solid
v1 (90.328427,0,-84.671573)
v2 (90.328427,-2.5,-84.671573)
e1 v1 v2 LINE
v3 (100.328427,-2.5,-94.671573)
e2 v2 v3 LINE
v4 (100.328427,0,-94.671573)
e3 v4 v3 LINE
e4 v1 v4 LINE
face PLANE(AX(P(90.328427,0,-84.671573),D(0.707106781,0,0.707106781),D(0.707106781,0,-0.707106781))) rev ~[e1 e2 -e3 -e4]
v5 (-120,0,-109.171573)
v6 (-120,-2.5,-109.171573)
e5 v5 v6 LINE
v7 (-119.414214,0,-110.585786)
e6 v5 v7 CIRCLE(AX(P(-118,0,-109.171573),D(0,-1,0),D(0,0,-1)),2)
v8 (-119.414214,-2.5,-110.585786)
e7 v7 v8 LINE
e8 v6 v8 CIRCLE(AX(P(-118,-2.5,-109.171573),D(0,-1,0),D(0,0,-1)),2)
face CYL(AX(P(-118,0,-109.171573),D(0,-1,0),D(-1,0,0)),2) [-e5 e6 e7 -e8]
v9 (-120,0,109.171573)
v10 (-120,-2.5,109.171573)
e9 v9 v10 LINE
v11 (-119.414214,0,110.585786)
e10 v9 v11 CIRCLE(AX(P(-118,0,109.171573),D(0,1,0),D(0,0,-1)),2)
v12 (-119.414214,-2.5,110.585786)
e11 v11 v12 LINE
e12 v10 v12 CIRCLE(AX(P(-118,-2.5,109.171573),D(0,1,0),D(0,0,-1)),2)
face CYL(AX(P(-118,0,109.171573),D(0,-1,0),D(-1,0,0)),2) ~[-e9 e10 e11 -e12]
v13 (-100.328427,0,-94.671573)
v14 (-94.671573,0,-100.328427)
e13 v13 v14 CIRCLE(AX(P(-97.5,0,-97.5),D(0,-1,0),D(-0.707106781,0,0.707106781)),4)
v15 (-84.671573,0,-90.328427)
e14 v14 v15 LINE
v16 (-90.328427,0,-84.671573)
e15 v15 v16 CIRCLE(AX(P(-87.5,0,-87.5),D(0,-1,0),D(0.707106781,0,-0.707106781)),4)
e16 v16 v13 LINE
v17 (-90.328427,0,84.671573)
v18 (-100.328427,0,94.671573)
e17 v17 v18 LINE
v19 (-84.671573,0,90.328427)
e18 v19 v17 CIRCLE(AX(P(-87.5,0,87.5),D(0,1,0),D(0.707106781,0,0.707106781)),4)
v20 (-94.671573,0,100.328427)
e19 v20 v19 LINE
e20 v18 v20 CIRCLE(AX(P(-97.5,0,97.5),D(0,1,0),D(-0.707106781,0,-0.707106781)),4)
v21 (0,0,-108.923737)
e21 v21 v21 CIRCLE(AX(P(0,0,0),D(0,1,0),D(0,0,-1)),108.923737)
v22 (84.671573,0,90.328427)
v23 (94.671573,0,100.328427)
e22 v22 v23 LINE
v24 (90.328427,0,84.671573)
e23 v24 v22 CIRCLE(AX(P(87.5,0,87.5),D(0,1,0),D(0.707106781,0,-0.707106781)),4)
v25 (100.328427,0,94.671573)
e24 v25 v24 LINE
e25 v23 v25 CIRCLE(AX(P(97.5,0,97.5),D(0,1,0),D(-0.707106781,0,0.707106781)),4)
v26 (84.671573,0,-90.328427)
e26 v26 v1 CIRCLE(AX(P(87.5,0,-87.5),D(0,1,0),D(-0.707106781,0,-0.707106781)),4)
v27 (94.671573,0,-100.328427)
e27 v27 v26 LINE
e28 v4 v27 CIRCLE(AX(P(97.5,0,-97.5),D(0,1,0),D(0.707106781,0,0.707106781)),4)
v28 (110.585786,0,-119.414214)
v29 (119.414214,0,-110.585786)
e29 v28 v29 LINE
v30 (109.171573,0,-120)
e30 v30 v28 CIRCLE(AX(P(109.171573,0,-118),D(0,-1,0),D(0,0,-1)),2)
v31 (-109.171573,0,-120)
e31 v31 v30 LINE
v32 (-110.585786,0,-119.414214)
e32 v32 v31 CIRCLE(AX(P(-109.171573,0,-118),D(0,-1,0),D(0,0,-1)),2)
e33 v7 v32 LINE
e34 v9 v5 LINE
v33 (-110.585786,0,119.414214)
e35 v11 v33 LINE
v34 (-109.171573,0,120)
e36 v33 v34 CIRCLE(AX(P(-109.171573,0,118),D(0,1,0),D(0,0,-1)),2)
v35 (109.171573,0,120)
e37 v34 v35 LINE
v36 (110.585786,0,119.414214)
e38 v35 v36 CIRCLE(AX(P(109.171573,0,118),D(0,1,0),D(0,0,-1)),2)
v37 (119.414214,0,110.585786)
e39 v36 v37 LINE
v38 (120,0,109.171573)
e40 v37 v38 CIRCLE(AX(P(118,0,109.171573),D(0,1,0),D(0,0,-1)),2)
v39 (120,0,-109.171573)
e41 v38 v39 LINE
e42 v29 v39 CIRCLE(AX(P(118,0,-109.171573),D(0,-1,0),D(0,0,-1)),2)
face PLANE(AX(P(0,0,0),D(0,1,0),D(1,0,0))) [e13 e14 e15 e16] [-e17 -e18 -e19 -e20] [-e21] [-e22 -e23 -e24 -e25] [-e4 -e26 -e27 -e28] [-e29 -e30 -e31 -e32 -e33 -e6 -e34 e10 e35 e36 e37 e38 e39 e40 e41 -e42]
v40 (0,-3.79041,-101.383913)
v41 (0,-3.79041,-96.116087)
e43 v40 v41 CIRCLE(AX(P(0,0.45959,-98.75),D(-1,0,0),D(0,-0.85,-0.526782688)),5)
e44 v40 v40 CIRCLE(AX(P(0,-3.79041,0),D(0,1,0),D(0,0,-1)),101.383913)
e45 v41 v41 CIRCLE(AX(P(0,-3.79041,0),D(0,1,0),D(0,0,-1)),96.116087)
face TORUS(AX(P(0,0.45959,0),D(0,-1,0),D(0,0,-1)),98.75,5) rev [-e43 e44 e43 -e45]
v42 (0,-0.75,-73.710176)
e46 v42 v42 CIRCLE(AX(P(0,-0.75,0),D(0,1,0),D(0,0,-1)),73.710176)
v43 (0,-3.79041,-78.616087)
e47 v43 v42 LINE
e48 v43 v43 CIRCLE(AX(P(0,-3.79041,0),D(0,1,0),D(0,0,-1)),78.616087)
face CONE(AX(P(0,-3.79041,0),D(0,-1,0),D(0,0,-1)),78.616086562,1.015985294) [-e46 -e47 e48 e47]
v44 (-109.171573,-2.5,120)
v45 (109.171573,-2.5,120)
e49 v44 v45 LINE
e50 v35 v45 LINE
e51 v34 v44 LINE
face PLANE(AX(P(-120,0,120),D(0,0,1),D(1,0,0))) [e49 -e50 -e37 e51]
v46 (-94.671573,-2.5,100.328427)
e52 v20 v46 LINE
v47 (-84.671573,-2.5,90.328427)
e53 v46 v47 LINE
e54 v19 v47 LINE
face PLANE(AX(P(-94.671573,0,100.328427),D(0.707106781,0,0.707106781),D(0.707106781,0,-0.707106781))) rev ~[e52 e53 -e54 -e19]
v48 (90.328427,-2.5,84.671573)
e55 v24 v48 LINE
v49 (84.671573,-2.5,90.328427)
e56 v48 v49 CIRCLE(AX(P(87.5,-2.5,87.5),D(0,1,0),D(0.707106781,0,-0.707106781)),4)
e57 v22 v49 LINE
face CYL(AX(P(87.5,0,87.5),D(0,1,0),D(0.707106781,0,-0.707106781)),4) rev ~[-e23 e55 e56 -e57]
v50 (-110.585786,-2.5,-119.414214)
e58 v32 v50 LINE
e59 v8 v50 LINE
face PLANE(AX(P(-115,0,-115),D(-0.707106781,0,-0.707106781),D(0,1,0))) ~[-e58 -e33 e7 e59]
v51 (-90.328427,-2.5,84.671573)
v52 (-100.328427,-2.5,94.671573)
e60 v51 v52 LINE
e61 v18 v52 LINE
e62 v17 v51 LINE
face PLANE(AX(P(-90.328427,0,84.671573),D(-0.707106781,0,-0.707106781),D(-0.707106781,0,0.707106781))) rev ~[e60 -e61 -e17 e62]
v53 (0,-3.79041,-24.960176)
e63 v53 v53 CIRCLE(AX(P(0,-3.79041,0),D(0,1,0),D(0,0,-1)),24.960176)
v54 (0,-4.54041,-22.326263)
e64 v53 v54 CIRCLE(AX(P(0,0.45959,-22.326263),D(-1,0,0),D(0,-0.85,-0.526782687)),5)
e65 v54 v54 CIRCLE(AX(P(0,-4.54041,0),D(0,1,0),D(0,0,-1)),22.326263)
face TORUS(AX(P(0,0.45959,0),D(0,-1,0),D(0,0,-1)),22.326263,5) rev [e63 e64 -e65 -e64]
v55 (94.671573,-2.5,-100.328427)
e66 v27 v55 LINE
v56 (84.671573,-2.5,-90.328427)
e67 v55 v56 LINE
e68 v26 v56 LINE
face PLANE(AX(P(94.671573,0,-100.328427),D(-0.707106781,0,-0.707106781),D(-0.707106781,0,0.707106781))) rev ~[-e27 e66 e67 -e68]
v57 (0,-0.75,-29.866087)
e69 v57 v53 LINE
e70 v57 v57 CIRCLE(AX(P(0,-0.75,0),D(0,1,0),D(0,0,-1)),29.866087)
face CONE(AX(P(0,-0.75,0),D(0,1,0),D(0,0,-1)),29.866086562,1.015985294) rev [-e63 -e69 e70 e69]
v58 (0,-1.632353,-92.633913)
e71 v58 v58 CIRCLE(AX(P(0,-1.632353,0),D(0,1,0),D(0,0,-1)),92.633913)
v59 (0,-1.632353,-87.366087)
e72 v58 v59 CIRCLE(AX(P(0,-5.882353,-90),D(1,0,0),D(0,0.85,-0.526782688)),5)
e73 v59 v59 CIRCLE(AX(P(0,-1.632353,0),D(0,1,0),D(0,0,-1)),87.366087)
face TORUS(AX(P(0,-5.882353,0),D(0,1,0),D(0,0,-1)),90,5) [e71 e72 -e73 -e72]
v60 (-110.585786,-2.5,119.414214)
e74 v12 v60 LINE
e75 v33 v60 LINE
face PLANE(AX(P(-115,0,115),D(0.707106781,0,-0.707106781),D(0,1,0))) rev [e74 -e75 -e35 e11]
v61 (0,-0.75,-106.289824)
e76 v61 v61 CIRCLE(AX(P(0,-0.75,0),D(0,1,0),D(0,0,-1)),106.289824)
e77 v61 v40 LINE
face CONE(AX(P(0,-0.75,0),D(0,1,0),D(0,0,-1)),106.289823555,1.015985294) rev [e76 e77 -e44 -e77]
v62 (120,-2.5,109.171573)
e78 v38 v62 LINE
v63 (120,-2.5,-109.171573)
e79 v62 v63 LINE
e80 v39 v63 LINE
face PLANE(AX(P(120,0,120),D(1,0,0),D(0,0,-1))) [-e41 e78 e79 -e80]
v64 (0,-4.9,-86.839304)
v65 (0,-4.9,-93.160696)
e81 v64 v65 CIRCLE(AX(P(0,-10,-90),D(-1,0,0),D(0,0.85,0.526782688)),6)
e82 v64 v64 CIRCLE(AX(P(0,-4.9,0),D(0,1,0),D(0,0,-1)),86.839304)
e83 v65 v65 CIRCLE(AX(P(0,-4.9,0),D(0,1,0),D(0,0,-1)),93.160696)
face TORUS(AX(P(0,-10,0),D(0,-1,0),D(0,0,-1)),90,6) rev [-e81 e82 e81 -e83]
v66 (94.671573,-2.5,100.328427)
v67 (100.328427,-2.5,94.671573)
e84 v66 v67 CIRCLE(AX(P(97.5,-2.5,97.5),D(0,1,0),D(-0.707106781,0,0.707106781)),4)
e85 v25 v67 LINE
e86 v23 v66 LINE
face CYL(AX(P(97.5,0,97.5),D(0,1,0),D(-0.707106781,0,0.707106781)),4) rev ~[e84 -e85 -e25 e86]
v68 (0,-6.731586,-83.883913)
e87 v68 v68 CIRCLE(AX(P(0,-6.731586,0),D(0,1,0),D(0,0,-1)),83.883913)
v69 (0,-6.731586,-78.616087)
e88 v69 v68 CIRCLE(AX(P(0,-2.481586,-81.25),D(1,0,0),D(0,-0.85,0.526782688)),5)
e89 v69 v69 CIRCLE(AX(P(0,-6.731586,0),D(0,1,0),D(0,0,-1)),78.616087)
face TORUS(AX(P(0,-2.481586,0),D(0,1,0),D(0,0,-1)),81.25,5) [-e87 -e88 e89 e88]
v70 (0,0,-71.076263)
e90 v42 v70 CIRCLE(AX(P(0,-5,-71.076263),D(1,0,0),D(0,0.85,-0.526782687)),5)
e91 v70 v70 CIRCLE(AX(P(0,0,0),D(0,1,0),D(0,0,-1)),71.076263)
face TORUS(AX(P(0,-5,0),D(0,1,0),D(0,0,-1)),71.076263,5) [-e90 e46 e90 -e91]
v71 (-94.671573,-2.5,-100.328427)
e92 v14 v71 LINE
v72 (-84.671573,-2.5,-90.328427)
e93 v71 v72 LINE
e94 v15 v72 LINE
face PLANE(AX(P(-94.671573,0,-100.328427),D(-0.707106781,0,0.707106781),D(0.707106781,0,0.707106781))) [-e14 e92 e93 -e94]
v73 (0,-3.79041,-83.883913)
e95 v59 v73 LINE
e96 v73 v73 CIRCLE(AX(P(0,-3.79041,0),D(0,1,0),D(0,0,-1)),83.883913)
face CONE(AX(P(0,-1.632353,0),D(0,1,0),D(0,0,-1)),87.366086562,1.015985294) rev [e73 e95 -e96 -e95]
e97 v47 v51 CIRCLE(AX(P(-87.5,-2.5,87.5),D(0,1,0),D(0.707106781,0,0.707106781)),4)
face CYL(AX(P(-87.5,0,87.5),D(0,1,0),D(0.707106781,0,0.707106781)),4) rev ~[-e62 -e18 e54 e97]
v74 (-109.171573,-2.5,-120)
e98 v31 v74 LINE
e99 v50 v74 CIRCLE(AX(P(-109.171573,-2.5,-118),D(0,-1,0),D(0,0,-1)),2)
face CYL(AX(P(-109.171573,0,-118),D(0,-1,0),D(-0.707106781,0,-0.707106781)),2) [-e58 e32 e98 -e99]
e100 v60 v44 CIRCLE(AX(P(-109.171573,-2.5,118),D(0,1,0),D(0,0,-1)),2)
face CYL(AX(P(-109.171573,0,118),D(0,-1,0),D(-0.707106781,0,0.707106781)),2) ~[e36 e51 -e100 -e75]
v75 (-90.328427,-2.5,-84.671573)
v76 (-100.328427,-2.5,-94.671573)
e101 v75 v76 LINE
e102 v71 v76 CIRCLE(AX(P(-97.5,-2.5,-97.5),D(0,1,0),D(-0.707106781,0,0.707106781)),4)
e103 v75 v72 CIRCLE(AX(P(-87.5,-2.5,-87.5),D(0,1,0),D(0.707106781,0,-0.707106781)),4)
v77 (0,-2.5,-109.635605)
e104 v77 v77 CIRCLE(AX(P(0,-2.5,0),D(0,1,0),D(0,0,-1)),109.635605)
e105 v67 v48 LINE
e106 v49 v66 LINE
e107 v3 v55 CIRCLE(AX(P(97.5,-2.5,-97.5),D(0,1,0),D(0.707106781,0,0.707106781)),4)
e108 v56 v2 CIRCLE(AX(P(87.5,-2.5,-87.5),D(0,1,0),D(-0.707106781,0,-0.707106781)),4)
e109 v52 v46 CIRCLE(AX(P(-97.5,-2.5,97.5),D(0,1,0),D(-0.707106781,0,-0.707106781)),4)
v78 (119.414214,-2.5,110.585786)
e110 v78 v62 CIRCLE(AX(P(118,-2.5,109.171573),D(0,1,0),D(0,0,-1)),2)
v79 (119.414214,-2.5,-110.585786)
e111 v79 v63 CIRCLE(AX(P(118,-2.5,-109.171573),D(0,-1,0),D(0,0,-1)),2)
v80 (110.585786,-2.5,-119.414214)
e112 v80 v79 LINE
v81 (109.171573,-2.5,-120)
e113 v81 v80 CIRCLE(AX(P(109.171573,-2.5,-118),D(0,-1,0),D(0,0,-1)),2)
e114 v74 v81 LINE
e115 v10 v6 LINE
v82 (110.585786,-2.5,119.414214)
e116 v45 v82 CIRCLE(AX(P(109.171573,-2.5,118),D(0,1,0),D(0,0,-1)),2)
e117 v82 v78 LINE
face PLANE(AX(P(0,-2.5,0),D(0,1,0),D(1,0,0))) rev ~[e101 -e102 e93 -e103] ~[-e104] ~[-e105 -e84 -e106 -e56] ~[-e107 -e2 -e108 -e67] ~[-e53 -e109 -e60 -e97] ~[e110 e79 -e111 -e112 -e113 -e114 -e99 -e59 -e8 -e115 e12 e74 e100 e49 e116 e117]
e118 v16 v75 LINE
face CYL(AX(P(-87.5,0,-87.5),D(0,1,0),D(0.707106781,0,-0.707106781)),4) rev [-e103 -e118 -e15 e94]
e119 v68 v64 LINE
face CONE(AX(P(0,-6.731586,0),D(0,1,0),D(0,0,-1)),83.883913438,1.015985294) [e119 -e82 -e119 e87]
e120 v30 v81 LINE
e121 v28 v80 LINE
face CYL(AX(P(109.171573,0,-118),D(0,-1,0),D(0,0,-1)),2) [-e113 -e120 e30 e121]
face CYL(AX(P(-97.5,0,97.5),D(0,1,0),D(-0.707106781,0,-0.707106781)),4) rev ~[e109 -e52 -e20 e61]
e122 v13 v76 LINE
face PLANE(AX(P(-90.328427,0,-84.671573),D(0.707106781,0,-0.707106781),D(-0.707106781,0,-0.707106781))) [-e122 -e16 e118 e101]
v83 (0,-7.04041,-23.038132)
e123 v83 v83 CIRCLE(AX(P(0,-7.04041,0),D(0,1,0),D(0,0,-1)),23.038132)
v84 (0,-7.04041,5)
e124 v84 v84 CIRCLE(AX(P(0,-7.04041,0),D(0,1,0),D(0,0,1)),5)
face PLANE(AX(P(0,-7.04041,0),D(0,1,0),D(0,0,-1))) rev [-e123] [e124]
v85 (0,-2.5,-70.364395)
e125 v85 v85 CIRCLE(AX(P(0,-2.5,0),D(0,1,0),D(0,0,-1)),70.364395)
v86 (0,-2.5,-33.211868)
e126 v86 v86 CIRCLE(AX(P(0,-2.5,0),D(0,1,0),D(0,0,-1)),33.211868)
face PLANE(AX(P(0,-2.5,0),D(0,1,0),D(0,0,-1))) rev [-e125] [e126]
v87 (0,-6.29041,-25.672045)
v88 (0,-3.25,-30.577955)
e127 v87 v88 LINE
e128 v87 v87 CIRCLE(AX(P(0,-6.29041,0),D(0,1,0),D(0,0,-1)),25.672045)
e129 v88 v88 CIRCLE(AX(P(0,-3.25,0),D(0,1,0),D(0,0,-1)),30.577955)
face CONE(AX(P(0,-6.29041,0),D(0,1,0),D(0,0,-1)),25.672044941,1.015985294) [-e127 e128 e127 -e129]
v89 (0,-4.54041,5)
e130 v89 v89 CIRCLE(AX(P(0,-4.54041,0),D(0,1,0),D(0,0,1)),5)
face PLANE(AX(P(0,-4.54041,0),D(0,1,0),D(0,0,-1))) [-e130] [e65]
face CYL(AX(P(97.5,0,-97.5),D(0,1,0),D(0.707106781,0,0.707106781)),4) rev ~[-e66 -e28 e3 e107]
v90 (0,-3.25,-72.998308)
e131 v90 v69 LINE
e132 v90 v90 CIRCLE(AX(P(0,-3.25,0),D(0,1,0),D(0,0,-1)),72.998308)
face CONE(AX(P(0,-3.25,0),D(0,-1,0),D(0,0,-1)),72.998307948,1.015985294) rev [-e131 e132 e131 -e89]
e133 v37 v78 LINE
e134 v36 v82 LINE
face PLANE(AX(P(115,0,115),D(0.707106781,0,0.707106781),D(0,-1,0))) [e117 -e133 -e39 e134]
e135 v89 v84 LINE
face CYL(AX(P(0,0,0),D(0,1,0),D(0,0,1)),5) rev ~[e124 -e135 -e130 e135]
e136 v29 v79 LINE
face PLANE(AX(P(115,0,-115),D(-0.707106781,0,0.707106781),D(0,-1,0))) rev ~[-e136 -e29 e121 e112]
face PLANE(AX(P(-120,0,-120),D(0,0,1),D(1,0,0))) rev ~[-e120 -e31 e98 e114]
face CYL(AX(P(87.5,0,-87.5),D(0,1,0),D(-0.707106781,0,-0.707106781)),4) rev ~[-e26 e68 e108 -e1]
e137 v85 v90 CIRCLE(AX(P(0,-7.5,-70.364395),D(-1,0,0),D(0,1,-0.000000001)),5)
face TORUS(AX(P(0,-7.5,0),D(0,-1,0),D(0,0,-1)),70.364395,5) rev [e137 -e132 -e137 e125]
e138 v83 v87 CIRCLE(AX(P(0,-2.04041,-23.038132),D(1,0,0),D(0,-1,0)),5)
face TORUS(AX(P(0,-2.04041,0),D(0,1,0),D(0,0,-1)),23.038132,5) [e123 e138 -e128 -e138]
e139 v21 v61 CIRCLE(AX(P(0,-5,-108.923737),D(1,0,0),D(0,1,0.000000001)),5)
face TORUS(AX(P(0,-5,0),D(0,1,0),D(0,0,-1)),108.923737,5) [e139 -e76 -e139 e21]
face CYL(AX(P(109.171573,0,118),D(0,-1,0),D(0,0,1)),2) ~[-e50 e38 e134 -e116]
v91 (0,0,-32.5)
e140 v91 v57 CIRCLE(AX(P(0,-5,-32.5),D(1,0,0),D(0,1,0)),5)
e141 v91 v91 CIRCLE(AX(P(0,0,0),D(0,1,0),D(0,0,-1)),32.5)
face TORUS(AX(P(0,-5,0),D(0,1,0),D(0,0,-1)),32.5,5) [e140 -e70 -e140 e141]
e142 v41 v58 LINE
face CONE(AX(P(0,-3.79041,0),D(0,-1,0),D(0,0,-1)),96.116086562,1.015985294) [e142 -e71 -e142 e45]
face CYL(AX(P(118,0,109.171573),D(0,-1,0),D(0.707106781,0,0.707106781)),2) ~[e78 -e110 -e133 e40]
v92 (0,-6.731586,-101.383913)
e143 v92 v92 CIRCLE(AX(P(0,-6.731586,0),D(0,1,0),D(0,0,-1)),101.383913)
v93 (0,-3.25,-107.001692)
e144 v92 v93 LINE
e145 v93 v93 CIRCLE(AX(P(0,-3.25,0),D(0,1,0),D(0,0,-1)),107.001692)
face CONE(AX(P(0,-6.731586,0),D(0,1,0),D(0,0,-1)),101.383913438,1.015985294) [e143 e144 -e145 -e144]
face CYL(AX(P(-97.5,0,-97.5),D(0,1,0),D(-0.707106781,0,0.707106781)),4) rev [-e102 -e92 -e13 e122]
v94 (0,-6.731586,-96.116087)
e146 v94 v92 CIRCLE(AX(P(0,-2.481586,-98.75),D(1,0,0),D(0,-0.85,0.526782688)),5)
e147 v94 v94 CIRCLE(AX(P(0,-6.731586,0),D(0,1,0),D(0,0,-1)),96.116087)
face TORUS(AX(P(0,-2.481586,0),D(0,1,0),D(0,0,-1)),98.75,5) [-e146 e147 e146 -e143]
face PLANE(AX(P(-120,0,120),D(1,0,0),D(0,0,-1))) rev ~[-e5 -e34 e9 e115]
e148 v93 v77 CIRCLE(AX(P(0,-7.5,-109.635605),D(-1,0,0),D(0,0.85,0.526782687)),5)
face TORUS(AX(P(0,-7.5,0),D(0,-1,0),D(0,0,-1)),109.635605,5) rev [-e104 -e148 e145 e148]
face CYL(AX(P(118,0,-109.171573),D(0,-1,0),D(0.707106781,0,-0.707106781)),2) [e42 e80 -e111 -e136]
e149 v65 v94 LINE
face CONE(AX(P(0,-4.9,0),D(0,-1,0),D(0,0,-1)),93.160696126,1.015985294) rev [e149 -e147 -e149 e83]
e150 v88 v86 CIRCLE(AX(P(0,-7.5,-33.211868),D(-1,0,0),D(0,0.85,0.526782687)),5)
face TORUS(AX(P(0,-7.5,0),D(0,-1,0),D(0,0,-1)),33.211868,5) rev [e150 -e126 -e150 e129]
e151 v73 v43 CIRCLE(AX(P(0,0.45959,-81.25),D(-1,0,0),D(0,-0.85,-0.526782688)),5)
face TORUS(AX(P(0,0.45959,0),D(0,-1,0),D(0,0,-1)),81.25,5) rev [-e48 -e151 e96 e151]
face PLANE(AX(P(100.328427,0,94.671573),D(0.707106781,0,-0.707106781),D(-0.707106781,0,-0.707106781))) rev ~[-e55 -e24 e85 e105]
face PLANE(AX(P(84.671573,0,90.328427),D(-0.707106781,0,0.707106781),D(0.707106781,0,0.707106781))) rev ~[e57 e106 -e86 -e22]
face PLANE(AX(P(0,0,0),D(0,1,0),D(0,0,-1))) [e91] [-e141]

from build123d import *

# Parameters (mm, degrees)
SKETCH2_W           = 240
SKETCH2_H           = 240
SKETCH2_R           = 115
BOSS_EXTRUDE1_DEPTH = 2.5
SKETCH3_R           = 5
CUT_EXTRUDE1_DEPTH  = 170.870462818
CHAMFER1_SIZE       = 10
FILLET1_R           = 2


with BuildPart() as part:
    # Sketch1 → Revolve1 (revolve)
    with BuildSketch(Plane.XY):
        with BuildLine():
            Line((71.076263006, 0), (32.5, 0))
            ThreePointArc((32.5, 0), (31.130693606, -0.191153985), (29.866086562, -0.75))
            Line((29.866086562, -0.75), (24.960176445, -3.79041002))
            ThreePointArc((24.960176445, -3.79041002), (23.6955694, -4.349256035), (22.326263006, -4.54041002))
            Line((22.326263006, -4.54041002), (0, -4.54041002))
            Line((0, -4.54041002), (0, -7.04041002))
            Line((0, -7.04041002), (23.038131503, -7.04041002))
            ThreePointArc((23.038131503, -7.04041002), (24.407437897, -6.849256035), (25.672044941, -6.29041002))
            Line((25.672044941, -6.29041002), (30.577955059, -3.25))
            ThreePointArc((30.577955059, -3.25), (31.842562103, -2.691153985), (33.211868497, -2.5))
            Line((33.211868497, -2.5), (70.36439451, -2.5))
            ThreePointArc((70.36439451, -2.5), (71.733700903, -2.691153985), (72.998307948, -3.25))
            Line((72.998307948, -3.25), (78.616086562, -6.73158649))
            ThreePointArc((78.616086562, -6.73158649), (81.25, -7.48158649), (83.883913438, -6.73158649))
            Line((83.883913438, -6.73158649), (86.839303874, -4.9))
            ThreePointArc((86.839303874, -4.9), (90, -4), (93.160696126, -4.9))
            Line((93.160696126, -4.9), (96.116086562, -6.73158649))
            ThreePointArc((96.116086562, -6.73158649), (98.75, -7.48158649), (101.383913438, -6.73158649))
            Line((101.383913438, -6.73158649), (107.001692052, -3.25))
            ThreePointArc((107.001692052, -3.25), (108.266299097, -2.691153985), (109.63560549, -2.5))
            Line((109.63560549, -2.5), (115, -2.5))
            Line((115, -2.5), (115, 0))
            Line((115, 0), (108.923736994, 0))
            ThreePointArc((108.923736994, 0), (107.5544306, -0.191153985), (106.289823555, -0.75))
            Line((106.289823555, -0.75), (101.383913438, -3.79041002))
            ThreePointArc((101.383913438, -3.79041002), (98.75, -4.54041002), (96.116086562, -3.79041002))
            Line((96.116086562, -3.79041002), (92.633913438, -1.632352941))
            ThreePointArc((92.633913438, -1.632352941), (90, -0.882352941), (87.366086562, -1.632352941))
            Line((87.366086562, -1.632352941), (83.883913438, -3.79041002))
            ThreePointArc((83.883913438, -3.79041002), (81.25, -4.54041002), (78.616086562, -3.79041002))
            Line((78.616086562, -3.79041002), (73.710176445, -0.75))
            ThreePointArc((73.710176445, -0.75), (72.4455694, -0.191153985), (71.076263006, 0))
        make_face()
    revolve(axis=Axis((0, -2.5, 0), (0, 1, 0)))

    # Sketch2 → Boss-Extrude1 (add)
    with BuildSketch(Plane(origin=(0, 0, 0), x_dir=(1, 0, 0), z_dir=(0, 1, 0))):
        Rectangle(SKETCH2_W, SKETCH2_H)
        Circle(SKETCH2_R, mode=Mode.SUBTRACT)
    extrude(amount=-BOSS_EXTRUDE1_DEPTH)

    # Sketch3 → Cut-Extrude1 (cut, through all)
    with BuildSketch(Plane(origin=(0, 0, 0), x_dir=(1, 0, 0), z_dir=(0, 1, 0))):
        Circle(SKETCH3_R)
        with BuildLine():
            Line((-94.671572875, 100.328427125), (-84.671572875, 90.328427125))
            ThreePointArc((-84.671572875, 90.328427125), (-84.671572875, 84.671572875), (-90.328427125, 84.671572875))
            Line((-90.328427125, 84.671572875), (-100.328427125, 94.671572875))
            ThreePointArc((-100.328427125, 94.671572875), (-100.328427125, 100.328427125), (-94.671572875, 100.328427125))
        make_face()
        with BuildLine():
            Line((94.671572875, 100.328427125), (84.671572875, 90.328427125))
            ThreePointArc((84.671572875, 90.328427125), (84.671572875, 84.671572875), (90.328427125, 84.671572875))
            Line((90.328427125, 84.671572875), (100.328427125, 94.671572875))
            ThreePointArc((100.328427125, 94.671572875), (100.328427125, 100.328427125), (94.671572875, 100.328427125))
        make_face()
        with BuildLine():
            Line((100.328427125, -94.671572875), (90.328427125, -84.671572875))
            ThreePointArc((90.328427125, -84.671572875), (84.671572875, -84.671572875), (84.671572875, -90.328427125))
            Line((84.671572875, -90.328427125), (94.671572875, -100.328427125))
            ThreePointArc((94.671572875, -100.328427125), (100.328427125, -100.328427125), (100.328427125, -94.671572875))
        make_face()
        with BuildLine():
            Line((-94.671572875, -100.328427125), (-84.671572875, -90.328427125))
            ThreePointArc((-84.671572875, -90.328427125), (-84.671572875, -84.671572875), (-90.328427125, -84.671572875))
            Line((-90.328427125, -84.671572875), (-100.328427125, -94.671572875))
            ThreePointArc((-100.328427125, -94.671572875), (-100.328427125, -100.328427125), (-94.671572875, -100.328427125))
        make_face()
    extrude(amount=-CUT_EXTRUDE1_DEPTH, mode=Mode.SUBTRACT)

    # Chamfer1
    chamfer1_edges = [part.edges().sort_by_distance(p)[0] for p in [
        (-120, -1.25, -120),
        (120, -1.25, -120),
        (120, -1.25, 120),
        (-120, -1.25, 120),
    ]]
    chamfer(chamfer1_edges, length=CHAMFER1_SIZE)

    # Fillet1
    fillet1_edges = [part.edges().sort_by_distance(p)[0] for p in [
        (-110, -1.25, 120),
        (-120, -1.25, 110),
        (110, -1.25, 120),
        (120, -1.25, 110),
        (120, -1.25, -110),
        (110, -1.25, -120),
        (-120, -1.25, -110),
        (-110, -1.25, -120),
    ]]
    fillet(fillet1_edges, radius=FILLET1_R)


solid = part.part
